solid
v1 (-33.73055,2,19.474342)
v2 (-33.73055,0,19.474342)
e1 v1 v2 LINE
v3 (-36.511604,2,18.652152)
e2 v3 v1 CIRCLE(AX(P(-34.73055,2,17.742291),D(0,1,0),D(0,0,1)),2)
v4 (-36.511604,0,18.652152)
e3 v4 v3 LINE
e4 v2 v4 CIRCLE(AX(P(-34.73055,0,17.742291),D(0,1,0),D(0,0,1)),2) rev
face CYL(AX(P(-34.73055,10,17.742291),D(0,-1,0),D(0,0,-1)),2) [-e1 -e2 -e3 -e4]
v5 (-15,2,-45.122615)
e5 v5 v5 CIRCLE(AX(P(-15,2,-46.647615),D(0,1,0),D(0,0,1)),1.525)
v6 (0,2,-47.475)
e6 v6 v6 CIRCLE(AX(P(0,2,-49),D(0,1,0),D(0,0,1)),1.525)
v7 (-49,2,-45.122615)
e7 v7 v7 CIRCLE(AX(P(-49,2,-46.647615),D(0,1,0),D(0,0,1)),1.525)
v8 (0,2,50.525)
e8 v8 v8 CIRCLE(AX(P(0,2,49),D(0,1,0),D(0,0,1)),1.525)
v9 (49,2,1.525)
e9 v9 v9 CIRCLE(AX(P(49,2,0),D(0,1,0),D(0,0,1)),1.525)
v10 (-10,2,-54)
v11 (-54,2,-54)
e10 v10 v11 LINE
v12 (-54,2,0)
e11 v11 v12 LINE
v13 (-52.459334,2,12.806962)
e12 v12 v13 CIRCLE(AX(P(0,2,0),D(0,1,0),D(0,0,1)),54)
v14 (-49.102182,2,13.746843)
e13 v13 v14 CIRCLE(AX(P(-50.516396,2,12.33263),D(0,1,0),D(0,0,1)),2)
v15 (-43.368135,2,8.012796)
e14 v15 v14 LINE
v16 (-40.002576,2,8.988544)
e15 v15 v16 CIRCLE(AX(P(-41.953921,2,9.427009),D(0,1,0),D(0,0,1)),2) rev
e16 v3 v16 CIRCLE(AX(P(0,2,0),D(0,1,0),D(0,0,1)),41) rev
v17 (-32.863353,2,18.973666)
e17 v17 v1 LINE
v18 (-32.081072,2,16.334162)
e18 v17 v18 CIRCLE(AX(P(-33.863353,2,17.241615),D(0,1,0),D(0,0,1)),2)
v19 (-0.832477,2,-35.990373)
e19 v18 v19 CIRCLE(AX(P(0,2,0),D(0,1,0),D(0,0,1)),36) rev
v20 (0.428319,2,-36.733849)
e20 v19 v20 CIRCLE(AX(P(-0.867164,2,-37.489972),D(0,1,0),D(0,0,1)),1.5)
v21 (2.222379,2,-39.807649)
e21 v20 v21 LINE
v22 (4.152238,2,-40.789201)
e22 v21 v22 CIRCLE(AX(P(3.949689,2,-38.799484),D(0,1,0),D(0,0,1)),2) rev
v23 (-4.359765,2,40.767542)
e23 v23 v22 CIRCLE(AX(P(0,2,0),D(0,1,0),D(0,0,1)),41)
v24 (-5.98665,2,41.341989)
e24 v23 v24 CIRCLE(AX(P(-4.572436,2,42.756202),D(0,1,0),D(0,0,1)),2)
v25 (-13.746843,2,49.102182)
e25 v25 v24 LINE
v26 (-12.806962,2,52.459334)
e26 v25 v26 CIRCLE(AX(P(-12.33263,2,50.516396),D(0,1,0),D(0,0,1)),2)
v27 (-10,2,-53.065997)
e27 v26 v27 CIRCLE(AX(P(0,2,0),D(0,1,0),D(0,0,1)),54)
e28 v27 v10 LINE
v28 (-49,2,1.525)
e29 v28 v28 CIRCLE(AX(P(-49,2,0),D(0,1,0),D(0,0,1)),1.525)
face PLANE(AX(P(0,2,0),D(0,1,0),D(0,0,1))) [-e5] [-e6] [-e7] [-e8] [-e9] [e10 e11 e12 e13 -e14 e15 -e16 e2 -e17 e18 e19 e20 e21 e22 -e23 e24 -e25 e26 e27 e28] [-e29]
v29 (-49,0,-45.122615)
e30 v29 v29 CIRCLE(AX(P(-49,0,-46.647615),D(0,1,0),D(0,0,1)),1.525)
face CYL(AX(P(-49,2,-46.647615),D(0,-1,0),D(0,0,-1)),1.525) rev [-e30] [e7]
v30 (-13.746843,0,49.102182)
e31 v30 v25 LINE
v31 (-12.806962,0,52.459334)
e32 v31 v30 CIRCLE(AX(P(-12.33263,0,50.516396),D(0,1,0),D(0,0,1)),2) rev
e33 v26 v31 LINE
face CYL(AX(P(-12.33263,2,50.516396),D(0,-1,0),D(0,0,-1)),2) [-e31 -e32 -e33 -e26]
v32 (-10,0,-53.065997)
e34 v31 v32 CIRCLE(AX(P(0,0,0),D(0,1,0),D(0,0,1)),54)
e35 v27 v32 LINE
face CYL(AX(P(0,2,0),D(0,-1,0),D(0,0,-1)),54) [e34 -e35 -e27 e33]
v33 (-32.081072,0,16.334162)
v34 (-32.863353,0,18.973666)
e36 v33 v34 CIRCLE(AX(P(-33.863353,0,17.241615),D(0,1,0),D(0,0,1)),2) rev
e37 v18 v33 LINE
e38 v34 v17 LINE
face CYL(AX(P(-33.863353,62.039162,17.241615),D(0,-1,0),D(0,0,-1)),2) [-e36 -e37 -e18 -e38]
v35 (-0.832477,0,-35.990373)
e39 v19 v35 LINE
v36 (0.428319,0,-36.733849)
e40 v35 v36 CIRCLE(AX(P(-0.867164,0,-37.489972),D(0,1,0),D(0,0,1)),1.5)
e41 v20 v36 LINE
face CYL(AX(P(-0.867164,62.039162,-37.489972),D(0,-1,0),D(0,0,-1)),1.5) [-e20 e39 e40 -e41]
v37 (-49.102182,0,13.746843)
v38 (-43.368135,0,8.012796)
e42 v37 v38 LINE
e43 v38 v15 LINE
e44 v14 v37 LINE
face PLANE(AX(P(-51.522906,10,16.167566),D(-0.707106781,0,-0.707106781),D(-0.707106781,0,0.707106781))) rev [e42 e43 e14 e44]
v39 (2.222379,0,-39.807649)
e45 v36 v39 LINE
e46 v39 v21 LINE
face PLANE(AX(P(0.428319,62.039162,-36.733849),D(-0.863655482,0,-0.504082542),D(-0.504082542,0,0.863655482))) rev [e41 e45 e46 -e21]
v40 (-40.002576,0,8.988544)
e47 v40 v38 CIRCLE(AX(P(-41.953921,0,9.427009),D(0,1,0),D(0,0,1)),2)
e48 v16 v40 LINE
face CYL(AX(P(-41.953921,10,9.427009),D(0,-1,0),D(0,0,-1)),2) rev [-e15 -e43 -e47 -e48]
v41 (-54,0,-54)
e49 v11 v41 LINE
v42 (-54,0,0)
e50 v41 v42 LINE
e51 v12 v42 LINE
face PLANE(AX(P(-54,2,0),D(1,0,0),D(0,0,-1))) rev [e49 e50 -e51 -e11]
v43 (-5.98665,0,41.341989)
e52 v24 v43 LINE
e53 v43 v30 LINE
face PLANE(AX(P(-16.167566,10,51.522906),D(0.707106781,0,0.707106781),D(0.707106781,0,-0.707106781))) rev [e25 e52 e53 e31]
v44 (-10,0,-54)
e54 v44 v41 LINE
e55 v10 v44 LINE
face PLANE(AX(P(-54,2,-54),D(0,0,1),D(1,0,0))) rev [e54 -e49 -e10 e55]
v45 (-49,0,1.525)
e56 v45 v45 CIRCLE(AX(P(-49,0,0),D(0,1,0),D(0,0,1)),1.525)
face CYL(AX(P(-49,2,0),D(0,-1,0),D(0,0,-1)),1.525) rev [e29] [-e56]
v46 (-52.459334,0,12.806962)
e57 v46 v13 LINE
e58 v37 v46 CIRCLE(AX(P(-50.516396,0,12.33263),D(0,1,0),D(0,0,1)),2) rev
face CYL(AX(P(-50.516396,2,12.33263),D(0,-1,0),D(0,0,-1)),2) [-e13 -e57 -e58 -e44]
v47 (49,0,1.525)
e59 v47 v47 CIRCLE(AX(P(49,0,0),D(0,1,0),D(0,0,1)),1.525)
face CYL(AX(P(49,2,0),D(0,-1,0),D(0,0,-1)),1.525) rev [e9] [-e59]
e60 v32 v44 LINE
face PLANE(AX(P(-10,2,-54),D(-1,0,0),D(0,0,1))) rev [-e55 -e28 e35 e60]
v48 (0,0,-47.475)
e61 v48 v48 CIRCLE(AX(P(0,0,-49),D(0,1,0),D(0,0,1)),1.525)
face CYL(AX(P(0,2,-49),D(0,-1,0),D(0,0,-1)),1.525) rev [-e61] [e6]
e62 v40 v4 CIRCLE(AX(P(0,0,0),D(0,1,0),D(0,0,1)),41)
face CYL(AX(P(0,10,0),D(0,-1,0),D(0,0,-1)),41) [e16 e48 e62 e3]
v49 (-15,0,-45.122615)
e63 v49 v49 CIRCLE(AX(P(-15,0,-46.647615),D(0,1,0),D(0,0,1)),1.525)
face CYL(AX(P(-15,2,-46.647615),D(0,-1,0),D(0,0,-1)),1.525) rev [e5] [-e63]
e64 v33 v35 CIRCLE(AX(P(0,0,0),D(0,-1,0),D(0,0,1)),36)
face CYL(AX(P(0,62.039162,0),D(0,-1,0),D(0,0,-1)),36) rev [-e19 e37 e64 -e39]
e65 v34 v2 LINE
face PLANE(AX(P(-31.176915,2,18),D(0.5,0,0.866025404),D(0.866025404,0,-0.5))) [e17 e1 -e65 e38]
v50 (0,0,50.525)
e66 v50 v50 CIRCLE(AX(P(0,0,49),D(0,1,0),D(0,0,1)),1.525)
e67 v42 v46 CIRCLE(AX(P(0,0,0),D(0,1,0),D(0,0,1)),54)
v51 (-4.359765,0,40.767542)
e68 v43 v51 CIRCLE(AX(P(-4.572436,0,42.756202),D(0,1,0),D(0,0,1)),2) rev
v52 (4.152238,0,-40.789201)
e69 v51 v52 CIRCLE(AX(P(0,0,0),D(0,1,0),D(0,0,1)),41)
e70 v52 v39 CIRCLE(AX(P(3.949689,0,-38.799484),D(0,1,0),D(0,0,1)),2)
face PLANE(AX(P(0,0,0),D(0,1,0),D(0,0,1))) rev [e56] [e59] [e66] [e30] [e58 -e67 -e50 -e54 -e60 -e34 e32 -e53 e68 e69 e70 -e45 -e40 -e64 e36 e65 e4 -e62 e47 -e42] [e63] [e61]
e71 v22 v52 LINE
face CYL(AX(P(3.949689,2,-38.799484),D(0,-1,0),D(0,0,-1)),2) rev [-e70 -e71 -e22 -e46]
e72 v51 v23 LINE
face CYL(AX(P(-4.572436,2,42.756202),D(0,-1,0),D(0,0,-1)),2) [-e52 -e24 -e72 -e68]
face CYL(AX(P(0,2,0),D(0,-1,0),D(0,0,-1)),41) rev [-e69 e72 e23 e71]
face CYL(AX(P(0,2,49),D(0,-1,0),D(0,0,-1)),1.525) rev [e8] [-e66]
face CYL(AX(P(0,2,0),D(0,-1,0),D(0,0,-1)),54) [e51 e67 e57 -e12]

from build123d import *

# Parameters (mm, degrees)
SKETCH_1_R          = 41
SKETCH_1_R_2        = 1.525
EXTRUDE_1_DEPTH     = 2
EXTRUDE_3_DEPTH     = 2
FILLET_1_R          = 2
EXTRUDE_5_DEPTH     = 2
CUT_EXTRUDE_1_DEPTH = 10
FILLET_3_R          = 2


with BuildPart() as part:
    # 草图1 → 凸台-拉伸1 (new body)
    with BuildSketch(Plane(origin=(0, 0, 0), x_dir=(1, 0, 0), z_dir=(0, 1, 0))):
        with BuildLine():
            Line((-54, 0), (-54, 54))
            Line((-54, 54), (-10, 54))
            Line((-10, 54), (-10, 53.065996646))
            ThreePointArc((-10, 53.065996646), (41.569219382, -34.467375879), (-54, 0))
        make_face()
        with Locations(Location((0, 0, 0), (0, 0, 270))):
            Circle(SKETCH_1_R, mode=Mode.SUBTRACT)
        with Locations(Location((-15, 46.647615159, 0), (0, 0, 270))):
            Circle(SKETCH_1_R_2, mode=Mode.SUBTRACT)
        with Locations(Location((0, 49, 0), (0, 0, 270))):
            Circle(SKETCH_1_R_2, mode=Mode.SUBTRACT)
        with Locations(Location((49, 0, 0), (0, 0, 270))):
            Circle(SKETCH_1_R_2, mode=Mode.SUBTRACT)
        with Locations(Location((0, -49, 0), (0, 0, 270))):
            Circle(SKETCH_1_R_2, mode=Mode.SUBTRACT)
        with Locations(Location((-49, 0, 0), (0, 0, 270))):
            Circle(SKETCH_1_R_2, mode=Mode.SUBTRACT)
        with Locations(Location((-49, 46.647615159, 0), (0, 0, 270))):
            Circle(SKETCH_1_R_2, mode=Mode.SUBTRACT)
    extrude(amount=EXTRUDE_1_DEPTH)

    # 草图2 → 凸台-拉伸3 (add)
    with BuildSketch(Plane(origin=(0, 0, 0), x_dir=(1, 0, 0), z_dir=(0, 1, 0))):
        with BuildLine():
            Line((-41, 0), (-37.46998799, 0))
            ThreePointArc((-37.46998799, 0), (-36.430757506, 0.418334617), (-35.971188471, 1.44))
            ThreePointArc((-35.971188471, 1.44), (-25.240038288, 25.669835746), (-0.832477451, 35.990373453))
            ThreePointArc((-0.832477451, 35.990373453), (-0.105240976, 36.197891356), (0.428319211, 36.733848535))
            Line((0.428319211, 36.733848535), (2.860015424, 40.900126061))
            ThreePointArc((2.860015424, 40.900126061), (-27.961932763, 29.985501766), (-41, 0))
        make_face()
    extrude(amount=EXTRUDE_3_DEPTH)

    # 圆角1
    fillet_1_edges = [part.edges().sort_by_distance(p)[0] for p in [
        (2.860015424, 1, -40.900126061),
        (-41, 1, 0),
    ]]
    fillet(fillet_1_edges, radius=FILLET_1_R)

    # 草图4 → 凸台-拉伸5 (add)
    with BuildSketch(Plane.XZ):
        with BuildLine():
            Line((-38.948684188, 0), (-37.46998799, 0))
            ThreePointArc((-37.46998799, 0), (-36.430757506, -0.418334617), (-35.971188471, -1.44))
            ThreePointArc((-35.971188471, -1.44), (-34.952758609, 8.620015408), (-31.176914536, 18))
            Line((-31.176914536, 18), (-35.507041555, 20.5))
            ThreePointArc((-35.507041555, 20.5), (-39.317748075, 11.623884304), (-40.946052608, 2.102564103))
            ThreePointArc((-40.946052608, 2.102564103), (-40.398706292, 0.622525537), (-38.948684188, 0))
        make_face()
    extrude(amount=-EXTRUDE_5_DEPTH)

    # 草图5 → 切除-拉伸1 (cut)
    with BuildSketch(Plane.XZ):
        with BuildLine():
            Line((-16.167566472, 51.522905531), (-5.300581056, 40.655920116))
            ThreePointArc((-5.300581056, 40.655920116), (-28.991378029, 28.991378029), (-40.655920116, 5.300581056))
            Line((-40.655920116, 5.300581056), (-51.522905531, 16.167566472))
            ThreePointArc((-51.522905531, 16.167566472), (-38.183766184, 38.183766184), (-16.167566472, 51.522905531))
        make_face()
    extrude(amount=-CUT_EXTRUDE_1_DEPTH, mode=Mode.SUBTRACT)

    # 圆角3
    fillet_3_edges = [part.edges().sort_by_distance(p)[0] for p in [
        (-5.300581056, 1, 40.655920116),
        (-40.655920116, 1, 5.300581056),
        (-35.507041555, 1, 20.5),
        (-31.176914536, 1, 18),
        (-51.522905531, 1, 16.167566472),
        (-16.167566472, 1, 51.522905531),
    ]]
    fillet(fillet_3_edges, radius=FILLET_3_R)


solid = part.part
